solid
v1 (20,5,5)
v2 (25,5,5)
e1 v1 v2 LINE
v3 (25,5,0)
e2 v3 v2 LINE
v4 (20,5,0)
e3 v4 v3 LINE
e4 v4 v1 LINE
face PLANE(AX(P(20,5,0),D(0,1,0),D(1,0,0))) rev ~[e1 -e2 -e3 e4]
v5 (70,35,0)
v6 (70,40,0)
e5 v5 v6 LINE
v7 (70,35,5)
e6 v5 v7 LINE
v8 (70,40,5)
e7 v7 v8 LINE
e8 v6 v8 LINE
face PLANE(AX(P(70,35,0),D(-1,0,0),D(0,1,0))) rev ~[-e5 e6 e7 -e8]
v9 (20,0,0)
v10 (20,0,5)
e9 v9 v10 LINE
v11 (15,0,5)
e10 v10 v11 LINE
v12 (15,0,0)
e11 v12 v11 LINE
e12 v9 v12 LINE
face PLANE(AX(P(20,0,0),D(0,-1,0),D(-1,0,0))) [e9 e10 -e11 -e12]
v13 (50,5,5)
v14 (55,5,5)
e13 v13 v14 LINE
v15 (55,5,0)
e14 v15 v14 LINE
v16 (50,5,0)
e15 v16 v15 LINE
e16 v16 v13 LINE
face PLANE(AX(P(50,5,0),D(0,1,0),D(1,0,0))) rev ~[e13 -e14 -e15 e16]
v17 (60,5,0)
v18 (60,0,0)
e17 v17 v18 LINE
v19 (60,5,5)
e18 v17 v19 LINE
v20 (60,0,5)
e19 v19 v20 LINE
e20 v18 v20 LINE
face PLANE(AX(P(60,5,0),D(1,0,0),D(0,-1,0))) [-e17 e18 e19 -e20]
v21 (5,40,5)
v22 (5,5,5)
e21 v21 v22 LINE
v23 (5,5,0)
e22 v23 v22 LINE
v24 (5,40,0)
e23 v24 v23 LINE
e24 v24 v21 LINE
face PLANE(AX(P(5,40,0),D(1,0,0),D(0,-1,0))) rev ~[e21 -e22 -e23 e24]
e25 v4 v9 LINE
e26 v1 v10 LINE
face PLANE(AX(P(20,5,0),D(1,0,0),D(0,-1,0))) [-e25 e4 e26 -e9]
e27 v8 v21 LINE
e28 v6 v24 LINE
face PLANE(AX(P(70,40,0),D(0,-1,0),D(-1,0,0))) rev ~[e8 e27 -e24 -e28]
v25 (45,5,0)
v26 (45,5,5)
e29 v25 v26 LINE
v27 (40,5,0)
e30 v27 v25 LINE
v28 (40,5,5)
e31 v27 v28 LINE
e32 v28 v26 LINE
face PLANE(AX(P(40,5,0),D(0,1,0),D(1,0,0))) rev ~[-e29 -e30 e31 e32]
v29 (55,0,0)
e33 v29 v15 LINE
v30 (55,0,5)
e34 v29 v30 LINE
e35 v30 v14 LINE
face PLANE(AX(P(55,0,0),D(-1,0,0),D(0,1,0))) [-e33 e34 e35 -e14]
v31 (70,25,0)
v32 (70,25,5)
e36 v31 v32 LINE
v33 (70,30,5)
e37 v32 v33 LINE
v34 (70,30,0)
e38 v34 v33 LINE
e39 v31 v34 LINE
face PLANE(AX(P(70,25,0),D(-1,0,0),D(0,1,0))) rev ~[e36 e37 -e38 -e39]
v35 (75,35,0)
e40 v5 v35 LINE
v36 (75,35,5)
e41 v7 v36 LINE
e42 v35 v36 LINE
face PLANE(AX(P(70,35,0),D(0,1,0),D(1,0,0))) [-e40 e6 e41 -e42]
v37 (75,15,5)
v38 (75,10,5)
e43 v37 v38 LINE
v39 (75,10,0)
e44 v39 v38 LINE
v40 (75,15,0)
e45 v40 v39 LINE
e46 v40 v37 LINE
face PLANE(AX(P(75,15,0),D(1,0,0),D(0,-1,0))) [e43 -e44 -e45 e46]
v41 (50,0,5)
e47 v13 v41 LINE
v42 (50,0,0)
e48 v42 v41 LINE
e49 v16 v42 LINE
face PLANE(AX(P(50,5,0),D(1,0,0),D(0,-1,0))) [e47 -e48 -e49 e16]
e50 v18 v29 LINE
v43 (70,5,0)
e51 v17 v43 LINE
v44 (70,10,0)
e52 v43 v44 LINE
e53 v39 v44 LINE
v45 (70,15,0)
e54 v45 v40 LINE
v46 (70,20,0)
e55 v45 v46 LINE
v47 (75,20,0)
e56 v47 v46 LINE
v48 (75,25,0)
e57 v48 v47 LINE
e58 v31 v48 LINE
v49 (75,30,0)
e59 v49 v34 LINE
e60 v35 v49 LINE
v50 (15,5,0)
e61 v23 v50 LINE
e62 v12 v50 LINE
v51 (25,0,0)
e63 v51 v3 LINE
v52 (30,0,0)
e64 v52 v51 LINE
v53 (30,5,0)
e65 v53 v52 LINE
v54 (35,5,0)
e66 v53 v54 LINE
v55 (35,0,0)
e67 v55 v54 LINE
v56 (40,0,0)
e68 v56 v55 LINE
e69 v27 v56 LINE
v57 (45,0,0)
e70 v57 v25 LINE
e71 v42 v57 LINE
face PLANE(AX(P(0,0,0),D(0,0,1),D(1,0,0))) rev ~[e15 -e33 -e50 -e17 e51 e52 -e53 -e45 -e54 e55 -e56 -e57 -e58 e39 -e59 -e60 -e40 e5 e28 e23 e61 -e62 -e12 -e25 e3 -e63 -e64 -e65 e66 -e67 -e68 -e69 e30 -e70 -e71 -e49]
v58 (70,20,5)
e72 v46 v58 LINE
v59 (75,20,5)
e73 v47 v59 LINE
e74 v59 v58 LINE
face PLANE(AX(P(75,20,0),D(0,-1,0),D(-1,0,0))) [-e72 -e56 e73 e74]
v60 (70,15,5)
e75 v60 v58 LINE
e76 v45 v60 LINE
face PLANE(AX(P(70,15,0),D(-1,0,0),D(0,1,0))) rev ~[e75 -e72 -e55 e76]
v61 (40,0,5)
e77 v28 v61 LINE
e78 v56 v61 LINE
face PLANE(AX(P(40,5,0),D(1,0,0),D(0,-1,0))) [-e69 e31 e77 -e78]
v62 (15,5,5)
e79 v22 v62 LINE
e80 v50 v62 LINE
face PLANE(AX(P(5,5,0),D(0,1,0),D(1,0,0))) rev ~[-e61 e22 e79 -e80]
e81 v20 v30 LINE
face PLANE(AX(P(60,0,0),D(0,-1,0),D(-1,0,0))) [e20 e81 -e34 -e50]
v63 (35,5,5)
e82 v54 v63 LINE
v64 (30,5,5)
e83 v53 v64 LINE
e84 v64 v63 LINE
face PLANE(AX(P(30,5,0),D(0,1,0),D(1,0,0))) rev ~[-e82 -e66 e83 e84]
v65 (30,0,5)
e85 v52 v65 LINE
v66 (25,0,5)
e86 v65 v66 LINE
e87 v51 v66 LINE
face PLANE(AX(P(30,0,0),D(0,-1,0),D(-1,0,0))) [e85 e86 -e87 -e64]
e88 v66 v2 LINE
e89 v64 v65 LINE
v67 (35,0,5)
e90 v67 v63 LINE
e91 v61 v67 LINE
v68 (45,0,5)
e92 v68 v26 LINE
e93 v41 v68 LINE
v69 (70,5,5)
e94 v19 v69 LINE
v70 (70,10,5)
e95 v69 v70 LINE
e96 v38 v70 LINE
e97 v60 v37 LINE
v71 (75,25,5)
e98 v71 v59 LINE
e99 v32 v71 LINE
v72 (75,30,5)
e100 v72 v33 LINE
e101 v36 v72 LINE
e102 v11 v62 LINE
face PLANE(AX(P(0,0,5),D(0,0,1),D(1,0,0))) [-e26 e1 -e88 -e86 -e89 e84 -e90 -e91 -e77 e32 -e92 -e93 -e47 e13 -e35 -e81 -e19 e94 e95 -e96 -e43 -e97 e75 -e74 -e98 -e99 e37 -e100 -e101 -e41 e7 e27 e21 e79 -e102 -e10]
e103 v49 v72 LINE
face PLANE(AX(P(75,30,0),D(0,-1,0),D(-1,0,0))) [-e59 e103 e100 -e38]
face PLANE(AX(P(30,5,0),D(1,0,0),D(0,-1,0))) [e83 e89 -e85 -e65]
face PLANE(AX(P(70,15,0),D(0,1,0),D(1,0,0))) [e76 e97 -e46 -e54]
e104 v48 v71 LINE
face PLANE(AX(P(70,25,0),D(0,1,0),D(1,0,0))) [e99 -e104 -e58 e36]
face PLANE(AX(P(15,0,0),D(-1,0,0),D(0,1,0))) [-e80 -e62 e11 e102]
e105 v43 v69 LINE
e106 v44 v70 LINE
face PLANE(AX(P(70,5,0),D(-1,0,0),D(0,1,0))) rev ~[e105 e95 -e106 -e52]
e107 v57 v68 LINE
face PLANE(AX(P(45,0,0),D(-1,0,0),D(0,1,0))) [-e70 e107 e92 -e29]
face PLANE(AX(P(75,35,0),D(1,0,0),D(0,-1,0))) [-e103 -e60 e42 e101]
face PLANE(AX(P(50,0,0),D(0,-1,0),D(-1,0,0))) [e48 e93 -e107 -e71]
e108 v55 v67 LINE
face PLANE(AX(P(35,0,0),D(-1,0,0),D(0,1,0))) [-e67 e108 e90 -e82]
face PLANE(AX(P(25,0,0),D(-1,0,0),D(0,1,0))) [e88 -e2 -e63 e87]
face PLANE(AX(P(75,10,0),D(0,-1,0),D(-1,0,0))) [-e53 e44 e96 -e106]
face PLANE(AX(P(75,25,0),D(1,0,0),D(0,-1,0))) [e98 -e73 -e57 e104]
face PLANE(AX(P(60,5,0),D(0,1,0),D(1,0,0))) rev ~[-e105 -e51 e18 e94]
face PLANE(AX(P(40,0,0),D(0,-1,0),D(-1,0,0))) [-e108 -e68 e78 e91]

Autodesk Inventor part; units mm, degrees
ref_plane "YZ Plane" through (0, 0, 0) normal (1, 0, 0) x (0, 1, 0)
ref_plane "XZ Plane" through (0, 0, 0) normal (0, 1, 0) x (-1, 0, 0)
ref_plane "XY Plane" through (0, 0, 0) normal (0, 0, 1) x (1, 0, 0)
sketch "Sketch2" plane through (0, 0, 0) normal (0, 0, 1) x (1, 0, 0)
  line L0 (5, 5) -> (70, 5)
  line L1 (70, 5) -> (70, 40)
  line L2 (70, 40) -> (5, 40)
  line L3 (5, 40) -> (5, 5)
  line L4 (15, 5) -> (20, 5)
  line L5 (20, 5) -> (20, 0)
  line L6 (20, 0) -> (15, 0)
  line L7 (15, 0) -> (15, 5)
  line L8 (30, 5) -> (30, 0)
  line L9 (30, 0) -> (25, 0)
  line L10 (25, 0) -> (25, 5)
  line L11 (40, 5) -> (40, 0)
  line L12 (40, 0) -> (35, 0)
  line L13 (35, 0) -> (35, 5)
  line L14 (50, 5) -> (50, 0)
  line L15 (50, 0) -> (45, 0)
  line L16 (45, 0) -> (45, 5)
  line L17 (60, 5) -> (60, 0)
  line L18 (60, 0) -> (55, 0)
  line L19 (55, 0) -> (55, 5)
  line L20 (70, 35) -> (75, 35)
  line L21 (75, 35) -> (75, 30)
  line L22 (75, 30) -> (70, 30)
  line L23 (70, 30) -> (70, 35)
  line L24 (75, 20) -> (70, 20)
  line L25 (70, 25) -> (75, 25)
  line L26 (75, 25) -> (75, 20)
  line L27 (75, 10) -> (70, 10)
  line L28 (70, 15) -> (75, 15)
  line L29 (75, 15) -> (75, 10)
  dimension "d122" = 10
  dimension "d129" = 65
  dimension "d132" = 10
extrude "Extrusion4" add sketch "Sketch2" along normal blind 5
properties part number "backside"
